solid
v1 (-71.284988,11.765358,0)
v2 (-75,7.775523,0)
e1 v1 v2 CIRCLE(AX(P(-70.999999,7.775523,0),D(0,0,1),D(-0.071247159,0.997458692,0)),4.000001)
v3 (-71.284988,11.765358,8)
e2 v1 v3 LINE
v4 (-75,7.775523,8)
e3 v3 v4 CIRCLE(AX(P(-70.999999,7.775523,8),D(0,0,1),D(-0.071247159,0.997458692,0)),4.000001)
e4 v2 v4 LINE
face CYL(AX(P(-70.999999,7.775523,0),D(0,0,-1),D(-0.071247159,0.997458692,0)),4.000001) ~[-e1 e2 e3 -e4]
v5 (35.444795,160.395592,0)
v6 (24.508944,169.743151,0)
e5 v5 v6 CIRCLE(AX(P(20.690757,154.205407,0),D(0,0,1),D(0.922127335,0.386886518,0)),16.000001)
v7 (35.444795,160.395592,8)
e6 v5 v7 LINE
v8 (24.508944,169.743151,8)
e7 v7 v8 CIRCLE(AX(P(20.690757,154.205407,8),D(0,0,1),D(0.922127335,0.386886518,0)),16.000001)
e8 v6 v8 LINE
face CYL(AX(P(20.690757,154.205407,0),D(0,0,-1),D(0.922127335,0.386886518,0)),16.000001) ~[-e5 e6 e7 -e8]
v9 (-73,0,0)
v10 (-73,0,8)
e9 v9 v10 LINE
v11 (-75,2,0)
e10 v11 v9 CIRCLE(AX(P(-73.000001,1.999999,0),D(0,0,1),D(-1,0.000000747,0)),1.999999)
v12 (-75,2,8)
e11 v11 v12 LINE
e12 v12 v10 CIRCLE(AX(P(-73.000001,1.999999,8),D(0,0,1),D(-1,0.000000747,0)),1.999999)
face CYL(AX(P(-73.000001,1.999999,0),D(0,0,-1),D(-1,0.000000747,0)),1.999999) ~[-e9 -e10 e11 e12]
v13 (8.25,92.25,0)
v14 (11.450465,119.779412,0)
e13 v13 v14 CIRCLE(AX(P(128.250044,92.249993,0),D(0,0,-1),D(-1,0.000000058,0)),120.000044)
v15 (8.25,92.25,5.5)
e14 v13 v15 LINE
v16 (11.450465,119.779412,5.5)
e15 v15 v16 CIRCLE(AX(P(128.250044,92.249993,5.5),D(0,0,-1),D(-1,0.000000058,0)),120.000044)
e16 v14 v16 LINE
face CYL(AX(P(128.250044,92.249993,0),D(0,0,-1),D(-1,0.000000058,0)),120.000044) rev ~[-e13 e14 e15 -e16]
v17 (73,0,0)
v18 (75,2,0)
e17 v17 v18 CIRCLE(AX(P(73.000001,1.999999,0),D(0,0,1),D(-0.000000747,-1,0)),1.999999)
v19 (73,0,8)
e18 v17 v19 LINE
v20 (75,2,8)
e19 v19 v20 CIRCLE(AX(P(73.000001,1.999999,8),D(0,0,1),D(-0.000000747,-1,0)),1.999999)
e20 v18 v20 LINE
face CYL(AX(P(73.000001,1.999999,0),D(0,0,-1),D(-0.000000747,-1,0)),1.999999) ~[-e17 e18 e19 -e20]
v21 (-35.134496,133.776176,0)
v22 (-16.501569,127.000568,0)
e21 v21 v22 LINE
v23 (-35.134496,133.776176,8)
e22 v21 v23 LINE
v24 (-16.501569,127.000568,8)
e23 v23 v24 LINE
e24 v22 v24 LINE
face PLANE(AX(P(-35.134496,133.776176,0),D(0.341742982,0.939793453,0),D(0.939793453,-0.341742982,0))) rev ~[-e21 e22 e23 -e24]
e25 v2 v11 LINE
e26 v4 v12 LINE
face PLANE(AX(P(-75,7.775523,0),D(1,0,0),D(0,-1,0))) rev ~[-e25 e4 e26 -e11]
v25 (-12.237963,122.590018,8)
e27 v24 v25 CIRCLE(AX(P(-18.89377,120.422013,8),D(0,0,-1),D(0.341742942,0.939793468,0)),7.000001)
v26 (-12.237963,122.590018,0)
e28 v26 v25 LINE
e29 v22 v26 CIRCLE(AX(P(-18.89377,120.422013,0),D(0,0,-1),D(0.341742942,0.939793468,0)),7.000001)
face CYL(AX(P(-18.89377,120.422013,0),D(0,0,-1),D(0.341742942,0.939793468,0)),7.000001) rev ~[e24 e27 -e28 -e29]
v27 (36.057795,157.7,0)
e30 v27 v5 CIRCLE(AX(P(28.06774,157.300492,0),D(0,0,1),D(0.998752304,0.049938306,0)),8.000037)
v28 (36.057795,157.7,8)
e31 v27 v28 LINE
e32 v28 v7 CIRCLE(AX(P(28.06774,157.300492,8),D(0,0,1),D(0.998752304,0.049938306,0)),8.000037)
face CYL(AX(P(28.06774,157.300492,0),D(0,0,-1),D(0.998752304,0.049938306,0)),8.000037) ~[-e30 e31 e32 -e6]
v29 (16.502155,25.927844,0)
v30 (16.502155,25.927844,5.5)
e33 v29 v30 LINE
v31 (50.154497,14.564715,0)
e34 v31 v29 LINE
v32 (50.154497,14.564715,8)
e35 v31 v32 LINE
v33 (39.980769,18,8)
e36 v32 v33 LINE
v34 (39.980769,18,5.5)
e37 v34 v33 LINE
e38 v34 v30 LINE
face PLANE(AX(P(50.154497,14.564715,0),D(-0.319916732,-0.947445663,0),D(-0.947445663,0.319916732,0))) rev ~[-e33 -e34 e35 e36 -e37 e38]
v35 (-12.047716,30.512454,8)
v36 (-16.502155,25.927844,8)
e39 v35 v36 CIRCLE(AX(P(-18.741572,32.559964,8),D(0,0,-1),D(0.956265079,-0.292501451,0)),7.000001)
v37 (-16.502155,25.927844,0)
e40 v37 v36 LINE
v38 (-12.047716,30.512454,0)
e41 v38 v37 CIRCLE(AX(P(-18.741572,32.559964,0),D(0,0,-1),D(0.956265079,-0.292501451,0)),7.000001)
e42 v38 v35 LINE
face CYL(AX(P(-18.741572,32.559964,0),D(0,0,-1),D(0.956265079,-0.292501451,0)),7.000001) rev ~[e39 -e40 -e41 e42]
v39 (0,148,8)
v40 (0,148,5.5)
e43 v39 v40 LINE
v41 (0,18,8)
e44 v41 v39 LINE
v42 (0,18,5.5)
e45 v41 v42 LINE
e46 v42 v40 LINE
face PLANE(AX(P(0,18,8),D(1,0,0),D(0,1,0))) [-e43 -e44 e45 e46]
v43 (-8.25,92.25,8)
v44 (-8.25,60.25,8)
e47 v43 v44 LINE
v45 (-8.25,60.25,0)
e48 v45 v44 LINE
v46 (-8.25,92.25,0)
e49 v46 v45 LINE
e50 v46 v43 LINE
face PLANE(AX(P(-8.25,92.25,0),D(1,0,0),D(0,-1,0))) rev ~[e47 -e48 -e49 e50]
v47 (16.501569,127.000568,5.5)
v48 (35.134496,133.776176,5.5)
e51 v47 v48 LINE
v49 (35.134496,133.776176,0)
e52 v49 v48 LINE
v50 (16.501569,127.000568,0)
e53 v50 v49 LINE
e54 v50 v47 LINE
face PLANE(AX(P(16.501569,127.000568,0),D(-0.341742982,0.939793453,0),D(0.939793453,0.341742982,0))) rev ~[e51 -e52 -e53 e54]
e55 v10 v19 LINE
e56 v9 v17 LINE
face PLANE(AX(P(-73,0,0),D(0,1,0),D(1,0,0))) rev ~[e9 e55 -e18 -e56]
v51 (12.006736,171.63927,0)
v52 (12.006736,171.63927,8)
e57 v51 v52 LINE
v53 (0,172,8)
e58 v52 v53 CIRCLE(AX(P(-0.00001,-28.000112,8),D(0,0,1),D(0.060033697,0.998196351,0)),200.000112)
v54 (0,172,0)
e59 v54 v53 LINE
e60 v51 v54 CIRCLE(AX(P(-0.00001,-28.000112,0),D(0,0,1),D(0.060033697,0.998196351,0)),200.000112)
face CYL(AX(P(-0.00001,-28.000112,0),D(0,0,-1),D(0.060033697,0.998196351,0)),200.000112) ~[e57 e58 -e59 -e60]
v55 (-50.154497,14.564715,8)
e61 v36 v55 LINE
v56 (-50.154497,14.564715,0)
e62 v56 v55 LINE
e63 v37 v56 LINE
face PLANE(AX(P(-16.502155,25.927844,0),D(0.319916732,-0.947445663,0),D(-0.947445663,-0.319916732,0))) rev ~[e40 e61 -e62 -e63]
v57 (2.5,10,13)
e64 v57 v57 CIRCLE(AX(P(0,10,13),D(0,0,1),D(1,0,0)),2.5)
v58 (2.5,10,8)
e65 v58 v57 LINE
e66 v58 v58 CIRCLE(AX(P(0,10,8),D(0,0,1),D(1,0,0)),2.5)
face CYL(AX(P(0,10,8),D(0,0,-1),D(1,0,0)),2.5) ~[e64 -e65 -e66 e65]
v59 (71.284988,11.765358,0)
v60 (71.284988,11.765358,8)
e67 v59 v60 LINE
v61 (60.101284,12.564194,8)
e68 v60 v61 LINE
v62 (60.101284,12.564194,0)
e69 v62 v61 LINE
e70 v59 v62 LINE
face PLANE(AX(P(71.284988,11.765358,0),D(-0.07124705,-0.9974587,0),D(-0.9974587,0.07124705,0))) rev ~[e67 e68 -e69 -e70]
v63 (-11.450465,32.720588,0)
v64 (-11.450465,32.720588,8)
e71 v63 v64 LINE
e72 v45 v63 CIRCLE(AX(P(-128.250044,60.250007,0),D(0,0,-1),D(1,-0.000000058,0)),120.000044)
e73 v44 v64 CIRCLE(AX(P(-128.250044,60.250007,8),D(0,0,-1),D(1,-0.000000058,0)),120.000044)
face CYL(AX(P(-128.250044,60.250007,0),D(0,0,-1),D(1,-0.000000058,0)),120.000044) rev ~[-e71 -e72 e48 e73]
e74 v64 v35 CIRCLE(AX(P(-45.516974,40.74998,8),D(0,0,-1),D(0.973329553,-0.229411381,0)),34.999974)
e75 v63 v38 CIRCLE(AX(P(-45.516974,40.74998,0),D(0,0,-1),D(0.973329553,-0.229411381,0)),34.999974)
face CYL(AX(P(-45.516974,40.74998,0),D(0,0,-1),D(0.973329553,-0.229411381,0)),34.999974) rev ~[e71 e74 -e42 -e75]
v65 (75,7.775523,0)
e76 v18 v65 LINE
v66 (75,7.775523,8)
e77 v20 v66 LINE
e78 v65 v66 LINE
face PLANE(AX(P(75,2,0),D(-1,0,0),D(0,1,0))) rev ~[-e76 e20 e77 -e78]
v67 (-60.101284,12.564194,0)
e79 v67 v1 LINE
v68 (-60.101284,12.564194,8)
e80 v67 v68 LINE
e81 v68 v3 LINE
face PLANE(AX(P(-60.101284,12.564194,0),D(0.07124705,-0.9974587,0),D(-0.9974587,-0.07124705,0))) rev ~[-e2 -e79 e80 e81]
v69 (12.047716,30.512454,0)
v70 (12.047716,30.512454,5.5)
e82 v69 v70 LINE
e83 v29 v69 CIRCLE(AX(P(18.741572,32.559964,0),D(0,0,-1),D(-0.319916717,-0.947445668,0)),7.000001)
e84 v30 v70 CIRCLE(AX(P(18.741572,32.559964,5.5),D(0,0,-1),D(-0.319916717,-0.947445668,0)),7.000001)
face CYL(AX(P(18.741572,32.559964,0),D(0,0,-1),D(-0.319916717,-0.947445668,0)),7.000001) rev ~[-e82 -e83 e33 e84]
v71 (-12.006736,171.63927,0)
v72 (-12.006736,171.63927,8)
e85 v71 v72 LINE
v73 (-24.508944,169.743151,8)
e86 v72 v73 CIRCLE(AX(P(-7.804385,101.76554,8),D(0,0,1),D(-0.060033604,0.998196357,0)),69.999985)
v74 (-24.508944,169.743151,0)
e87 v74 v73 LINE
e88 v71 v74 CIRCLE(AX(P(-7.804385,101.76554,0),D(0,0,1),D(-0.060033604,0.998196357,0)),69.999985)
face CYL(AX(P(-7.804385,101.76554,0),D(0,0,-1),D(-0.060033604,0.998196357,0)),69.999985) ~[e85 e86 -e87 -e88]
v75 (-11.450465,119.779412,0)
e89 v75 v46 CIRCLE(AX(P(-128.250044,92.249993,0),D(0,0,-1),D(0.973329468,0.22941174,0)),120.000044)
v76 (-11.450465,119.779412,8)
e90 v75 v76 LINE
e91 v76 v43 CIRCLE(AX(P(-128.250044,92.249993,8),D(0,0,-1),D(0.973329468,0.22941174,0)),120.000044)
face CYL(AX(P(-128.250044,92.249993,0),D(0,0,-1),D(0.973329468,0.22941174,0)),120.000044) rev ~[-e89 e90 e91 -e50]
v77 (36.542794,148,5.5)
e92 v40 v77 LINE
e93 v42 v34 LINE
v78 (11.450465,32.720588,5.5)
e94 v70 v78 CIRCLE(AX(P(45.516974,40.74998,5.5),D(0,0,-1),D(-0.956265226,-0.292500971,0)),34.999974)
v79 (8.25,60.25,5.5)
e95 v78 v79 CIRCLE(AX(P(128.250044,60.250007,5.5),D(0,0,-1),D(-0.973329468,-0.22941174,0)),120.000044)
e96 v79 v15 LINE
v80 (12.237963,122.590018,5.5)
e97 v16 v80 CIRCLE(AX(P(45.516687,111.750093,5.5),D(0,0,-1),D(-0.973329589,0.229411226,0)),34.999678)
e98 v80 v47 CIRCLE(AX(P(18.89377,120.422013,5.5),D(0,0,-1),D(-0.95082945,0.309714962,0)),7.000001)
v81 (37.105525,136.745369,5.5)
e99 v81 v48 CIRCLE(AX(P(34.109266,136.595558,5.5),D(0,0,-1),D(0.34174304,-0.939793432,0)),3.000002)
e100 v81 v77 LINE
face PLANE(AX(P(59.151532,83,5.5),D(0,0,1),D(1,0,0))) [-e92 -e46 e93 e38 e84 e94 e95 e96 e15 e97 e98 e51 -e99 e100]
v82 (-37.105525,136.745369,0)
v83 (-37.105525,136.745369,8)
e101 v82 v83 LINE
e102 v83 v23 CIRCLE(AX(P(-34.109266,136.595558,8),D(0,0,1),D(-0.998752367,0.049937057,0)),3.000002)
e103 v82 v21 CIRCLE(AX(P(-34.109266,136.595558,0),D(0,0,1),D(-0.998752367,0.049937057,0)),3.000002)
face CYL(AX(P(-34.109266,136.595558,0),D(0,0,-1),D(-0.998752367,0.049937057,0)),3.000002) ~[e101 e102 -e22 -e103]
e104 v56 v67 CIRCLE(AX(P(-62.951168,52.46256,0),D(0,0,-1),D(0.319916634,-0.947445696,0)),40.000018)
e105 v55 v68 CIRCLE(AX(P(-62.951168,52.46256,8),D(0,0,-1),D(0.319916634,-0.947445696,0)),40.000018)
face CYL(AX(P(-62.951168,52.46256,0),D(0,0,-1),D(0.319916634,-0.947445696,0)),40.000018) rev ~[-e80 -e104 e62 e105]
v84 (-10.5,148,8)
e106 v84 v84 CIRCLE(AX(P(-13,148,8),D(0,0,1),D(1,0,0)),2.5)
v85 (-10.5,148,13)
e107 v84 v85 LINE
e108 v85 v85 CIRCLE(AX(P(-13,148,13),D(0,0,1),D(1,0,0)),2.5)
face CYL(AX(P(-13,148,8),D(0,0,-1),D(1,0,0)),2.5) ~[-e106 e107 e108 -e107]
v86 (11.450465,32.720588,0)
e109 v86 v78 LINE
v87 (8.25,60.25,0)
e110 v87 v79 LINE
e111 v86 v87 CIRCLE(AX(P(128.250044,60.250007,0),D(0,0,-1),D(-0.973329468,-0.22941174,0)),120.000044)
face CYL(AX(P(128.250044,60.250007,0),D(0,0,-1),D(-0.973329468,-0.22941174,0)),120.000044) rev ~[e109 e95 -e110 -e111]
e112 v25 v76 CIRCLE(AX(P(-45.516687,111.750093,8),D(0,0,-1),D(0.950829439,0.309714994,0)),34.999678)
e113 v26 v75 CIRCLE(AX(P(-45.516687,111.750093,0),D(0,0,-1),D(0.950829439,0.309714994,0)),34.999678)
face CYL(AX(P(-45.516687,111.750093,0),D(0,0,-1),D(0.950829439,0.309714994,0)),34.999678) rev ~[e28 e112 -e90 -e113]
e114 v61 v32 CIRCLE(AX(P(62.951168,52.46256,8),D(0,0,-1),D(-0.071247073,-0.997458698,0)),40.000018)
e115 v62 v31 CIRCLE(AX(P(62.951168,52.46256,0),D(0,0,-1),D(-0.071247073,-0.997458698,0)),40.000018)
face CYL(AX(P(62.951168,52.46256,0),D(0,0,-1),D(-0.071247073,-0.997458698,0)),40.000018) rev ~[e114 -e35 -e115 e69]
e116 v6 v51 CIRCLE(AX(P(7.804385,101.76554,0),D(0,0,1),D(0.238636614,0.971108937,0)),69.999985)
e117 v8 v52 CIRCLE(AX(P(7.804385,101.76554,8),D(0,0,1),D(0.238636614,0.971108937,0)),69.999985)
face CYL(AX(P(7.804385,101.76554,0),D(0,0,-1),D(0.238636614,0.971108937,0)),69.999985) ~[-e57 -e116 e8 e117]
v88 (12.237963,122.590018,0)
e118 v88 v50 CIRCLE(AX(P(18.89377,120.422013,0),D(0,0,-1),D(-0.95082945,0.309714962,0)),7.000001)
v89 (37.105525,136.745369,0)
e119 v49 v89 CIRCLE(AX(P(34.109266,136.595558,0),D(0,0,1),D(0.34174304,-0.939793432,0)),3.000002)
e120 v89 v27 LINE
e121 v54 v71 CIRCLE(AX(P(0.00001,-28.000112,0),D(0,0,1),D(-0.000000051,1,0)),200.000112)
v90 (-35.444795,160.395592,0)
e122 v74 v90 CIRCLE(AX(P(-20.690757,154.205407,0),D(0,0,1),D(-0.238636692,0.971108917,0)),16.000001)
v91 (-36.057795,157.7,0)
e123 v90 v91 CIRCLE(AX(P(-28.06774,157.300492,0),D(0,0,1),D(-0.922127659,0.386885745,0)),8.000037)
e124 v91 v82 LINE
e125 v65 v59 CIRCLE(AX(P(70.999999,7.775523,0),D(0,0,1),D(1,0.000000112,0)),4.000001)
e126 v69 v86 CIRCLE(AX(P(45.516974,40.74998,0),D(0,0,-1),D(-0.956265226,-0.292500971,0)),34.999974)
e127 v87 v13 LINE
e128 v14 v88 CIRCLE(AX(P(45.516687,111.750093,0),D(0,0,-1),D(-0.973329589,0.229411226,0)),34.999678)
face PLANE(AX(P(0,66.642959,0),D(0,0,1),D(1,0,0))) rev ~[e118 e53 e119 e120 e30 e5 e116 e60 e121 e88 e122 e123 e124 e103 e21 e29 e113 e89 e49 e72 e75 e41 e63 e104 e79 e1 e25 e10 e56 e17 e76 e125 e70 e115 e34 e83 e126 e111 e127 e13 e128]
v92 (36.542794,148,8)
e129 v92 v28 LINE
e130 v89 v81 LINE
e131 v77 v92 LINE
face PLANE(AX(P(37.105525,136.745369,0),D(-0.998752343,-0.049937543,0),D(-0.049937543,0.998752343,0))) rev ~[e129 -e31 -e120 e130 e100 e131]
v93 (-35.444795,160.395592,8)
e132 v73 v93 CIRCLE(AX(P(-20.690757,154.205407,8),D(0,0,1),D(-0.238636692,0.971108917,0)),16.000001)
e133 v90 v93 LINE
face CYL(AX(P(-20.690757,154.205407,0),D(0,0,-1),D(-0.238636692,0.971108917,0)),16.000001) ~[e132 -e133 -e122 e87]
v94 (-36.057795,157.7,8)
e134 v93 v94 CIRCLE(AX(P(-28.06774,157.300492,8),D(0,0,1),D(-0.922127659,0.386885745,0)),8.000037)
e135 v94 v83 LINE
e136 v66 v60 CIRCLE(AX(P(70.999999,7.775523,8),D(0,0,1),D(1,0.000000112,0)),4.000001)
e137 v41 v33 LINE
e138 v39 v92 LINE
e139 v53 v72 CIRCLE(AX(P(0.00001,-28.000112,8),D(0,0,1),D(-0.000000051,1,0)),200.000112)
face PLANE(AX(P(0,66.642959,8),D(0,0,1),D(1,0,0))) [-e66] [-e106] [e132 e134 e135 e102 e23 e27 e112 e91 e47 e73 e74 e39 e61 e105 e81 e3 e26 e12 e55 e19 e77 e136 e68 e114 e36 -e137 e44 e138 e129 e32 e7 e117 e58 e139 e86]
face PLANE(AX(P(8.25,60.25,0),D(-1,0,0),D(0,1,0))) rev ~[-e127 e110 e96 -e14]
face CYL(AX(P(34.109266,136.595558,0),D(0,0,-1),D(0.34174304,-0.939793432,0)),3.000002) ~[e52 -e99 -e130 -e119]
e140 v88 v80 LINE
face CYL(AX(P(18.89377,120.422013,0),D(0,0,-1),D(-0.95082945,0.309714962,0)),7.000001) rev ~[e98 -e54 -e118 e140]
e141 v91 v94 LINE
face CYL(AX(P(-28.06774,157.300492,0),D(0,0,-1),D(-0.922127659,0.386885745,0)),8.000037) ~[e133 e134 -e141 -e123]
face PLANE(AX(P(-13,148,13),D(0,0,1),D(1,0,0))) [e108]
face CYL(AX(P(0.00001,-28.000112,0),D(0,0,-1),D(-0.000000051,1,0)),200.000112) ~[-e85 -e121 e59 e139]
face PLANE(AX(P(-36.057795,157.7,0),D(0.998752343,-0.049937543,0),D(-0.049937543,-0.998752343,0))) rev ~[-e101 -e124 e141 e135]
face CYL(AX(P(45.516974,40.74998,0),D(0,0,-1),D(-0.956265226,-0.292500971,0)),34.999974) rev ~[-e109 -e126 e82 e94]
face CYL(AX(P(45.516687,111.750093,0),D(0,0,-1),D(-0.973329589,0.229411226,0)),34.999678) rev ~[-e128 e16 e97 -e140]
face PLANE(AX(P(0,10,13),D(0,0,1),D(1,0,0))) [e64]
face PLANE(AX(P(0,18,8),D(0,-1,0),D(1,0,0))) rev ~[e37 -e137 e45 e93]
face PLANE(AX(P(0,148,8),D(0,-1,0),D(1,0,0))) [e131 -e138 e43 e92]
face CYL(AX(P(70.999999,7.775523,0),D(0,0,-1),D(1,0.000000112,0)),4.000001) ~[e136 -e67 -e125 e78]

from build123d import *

# Parameters (mm, degrees)
F1_DEPTH = 8
F2_W     = 118.303065
F2_H     = 130
F3_DEPTH = 2.5
F4_R     = 2.5
F5_DEPTH = 5


with BuildPart() as f1:
    # F0 (on Top) → F1 (new body)
    with BuildSketch(Plane.XY):
        with BuildLine():
            Line((-73, 0), (0, 0))
            Line((0, 0), (73, 0))
            ThreePointArc((73, 0), (74.414214, 0.585786), (75, 2))
            Line((75, 2), (75, 7.775523))
            ThreePointArc((75, 7.775523), (73.927452, 10.50133), (71.284988, 11.765358))
            Line((71.284988, 11.765358), (60.101284, 12.564194))
            ThreePointArc((60.101284, 12.564194), (55.064204, 13.247802), (50.154497, 14.564715))
            Line((50.154497, 14.564715), (16.502155, 25.927844))
            ThreePointArc((16.502155, 25.927844), (13.721064, 27.682003), (12.047716, 30.512454))
            ThreePointArc((12.047716, 30.512454), (11.731046, 31.611641), (11.450465, 32.720588))
            ThreePointArc((11.450465, 32.720588), (9.052802, 46.392588), (8.25, 60.25))
            Line((8.25, 60.25), (8.25, 92.25))
            ThreePointArc((8.25, 92.25), (9.052802, 106.107412), (11.450465, 119.779412))
            ThreePointArc((11.450465, 119.779412), (11.814902, 121.192928), (12.237963, 122.590018))
            ThreePointArc((12.237963, 122.590018), (13.860893, 125.287212), (16.501569, 127.000568))
            Line((16.501569, 127.000568), (35.134496, 133.776176))
            ThreePointArc((35.134496, 133.776176), (36.60869, 134.936374), (37.105525, 136.745369))
            Line((37.105525, 136.745369), (36.057795, 157.7))
            ThreePointArc((36.057795, 157.7), (35.86861, 159.074474), (35.444795, 160.395592))
            ThreePointArc((35.444795, 160.395592), (31.086723, 166.367805), (24.508944, 169.743151))
            ThreePointArc((24.508944, 169.743151), (18.300743, 170.974097), (12.006736, 171.63927))
            ThreePointArc((12.006736, 171.63927), (6.006077, 171.909797), (0, 172))
            ThreePointArc((0, 172), (-6.006077, 171.909797), (-12.006736, 171.63927))
            ThreePointArc((-12.006736, 171.63927), (-18.300743, 170.974097), (-24.508944, 169.743151))
            ThreePointArc((-24.508944, 169.743151), (-31.086723, 166.367805), (-35.444795, 160.395592))
            ThreePointArc((-35.444795, 160.395592), (-35.86861, 159.074474), (-36.057795, 157.7))
            Line((-36.057795, 157.7), (-37.105525, 136.745369))
            ThreePointArc((-37.105525, 136.745369), (-36.60869, 134.936374), (-35.134496, 133.776176))
            Line((-35.134496, 133.776176), (-16.501569, 127.000568))
            ThreePointArc((-16.501569, 127.000568), (-13.860893, 125.287212), (-12.237963, 122.590018))
            ThreePointArc((-12.237963, 122.590018), (-11.814902, 121.192928), (-11.450465, 119.779412))
            ThreePointArc((-11.450465, 119.779412), (-9.052802, 106.107412), (-8.25, 92.25))
            Line((-8.25, 92.25), (-8.25, 60.25))
            ThreePointArc((-8.25, 60.25), (-9.052802, 46.392588), (-11.450465, 32.720588))
            ThreePointArc((-11.450465, 32.720588), (-11.731046, 31.611641), (-12.047716, 30.512454))
            ThreePointArc((-12.047716, 30.512454), (-13.721064, 27.682003), (-16.502155, 25.927844))
            Line((-16.502155, 25.927844), (-50.154497, 14.564715))
            ThreePointArc((-50.154497, 14.564715), (-55.064204, 13.247802), (-60.101284, 12.564194))
            Line((-60.101284, 12.564194), (-71.284988, 11.765358))
            ThreePointArc((-71.284988, 11.765358), (-73.927452, 10.50133), (-75, 7.775523))
            Line((-75, 7.775523), (-75, 2))
            ThreePointArc((-75, 2), (-74.414214, 0.585786), (-73, 0))
        make_face()
    extrude(amount=F1_DEPTH)

    # F2 (on face) → F3 (cut)
    with BuildSketch(Plane.XY.offset(8)):
        with Locations((59.151532, 83)):
            Rectangle(F2_W, F2_H)
    extrude(amount=-F3_DEPTH, mode=Mode.SUBTRACT)

    # F4 (on face) → F5 (join)
    with BuildSketch(Plane.XY.offset(8)):
        with Locations((0, 10)):
            Circle(F4_R)
        with Locations((-13, 148)):
            Circle(F4_R)
    extrude(amount=F5_DEPTH)


solid = f1.part
